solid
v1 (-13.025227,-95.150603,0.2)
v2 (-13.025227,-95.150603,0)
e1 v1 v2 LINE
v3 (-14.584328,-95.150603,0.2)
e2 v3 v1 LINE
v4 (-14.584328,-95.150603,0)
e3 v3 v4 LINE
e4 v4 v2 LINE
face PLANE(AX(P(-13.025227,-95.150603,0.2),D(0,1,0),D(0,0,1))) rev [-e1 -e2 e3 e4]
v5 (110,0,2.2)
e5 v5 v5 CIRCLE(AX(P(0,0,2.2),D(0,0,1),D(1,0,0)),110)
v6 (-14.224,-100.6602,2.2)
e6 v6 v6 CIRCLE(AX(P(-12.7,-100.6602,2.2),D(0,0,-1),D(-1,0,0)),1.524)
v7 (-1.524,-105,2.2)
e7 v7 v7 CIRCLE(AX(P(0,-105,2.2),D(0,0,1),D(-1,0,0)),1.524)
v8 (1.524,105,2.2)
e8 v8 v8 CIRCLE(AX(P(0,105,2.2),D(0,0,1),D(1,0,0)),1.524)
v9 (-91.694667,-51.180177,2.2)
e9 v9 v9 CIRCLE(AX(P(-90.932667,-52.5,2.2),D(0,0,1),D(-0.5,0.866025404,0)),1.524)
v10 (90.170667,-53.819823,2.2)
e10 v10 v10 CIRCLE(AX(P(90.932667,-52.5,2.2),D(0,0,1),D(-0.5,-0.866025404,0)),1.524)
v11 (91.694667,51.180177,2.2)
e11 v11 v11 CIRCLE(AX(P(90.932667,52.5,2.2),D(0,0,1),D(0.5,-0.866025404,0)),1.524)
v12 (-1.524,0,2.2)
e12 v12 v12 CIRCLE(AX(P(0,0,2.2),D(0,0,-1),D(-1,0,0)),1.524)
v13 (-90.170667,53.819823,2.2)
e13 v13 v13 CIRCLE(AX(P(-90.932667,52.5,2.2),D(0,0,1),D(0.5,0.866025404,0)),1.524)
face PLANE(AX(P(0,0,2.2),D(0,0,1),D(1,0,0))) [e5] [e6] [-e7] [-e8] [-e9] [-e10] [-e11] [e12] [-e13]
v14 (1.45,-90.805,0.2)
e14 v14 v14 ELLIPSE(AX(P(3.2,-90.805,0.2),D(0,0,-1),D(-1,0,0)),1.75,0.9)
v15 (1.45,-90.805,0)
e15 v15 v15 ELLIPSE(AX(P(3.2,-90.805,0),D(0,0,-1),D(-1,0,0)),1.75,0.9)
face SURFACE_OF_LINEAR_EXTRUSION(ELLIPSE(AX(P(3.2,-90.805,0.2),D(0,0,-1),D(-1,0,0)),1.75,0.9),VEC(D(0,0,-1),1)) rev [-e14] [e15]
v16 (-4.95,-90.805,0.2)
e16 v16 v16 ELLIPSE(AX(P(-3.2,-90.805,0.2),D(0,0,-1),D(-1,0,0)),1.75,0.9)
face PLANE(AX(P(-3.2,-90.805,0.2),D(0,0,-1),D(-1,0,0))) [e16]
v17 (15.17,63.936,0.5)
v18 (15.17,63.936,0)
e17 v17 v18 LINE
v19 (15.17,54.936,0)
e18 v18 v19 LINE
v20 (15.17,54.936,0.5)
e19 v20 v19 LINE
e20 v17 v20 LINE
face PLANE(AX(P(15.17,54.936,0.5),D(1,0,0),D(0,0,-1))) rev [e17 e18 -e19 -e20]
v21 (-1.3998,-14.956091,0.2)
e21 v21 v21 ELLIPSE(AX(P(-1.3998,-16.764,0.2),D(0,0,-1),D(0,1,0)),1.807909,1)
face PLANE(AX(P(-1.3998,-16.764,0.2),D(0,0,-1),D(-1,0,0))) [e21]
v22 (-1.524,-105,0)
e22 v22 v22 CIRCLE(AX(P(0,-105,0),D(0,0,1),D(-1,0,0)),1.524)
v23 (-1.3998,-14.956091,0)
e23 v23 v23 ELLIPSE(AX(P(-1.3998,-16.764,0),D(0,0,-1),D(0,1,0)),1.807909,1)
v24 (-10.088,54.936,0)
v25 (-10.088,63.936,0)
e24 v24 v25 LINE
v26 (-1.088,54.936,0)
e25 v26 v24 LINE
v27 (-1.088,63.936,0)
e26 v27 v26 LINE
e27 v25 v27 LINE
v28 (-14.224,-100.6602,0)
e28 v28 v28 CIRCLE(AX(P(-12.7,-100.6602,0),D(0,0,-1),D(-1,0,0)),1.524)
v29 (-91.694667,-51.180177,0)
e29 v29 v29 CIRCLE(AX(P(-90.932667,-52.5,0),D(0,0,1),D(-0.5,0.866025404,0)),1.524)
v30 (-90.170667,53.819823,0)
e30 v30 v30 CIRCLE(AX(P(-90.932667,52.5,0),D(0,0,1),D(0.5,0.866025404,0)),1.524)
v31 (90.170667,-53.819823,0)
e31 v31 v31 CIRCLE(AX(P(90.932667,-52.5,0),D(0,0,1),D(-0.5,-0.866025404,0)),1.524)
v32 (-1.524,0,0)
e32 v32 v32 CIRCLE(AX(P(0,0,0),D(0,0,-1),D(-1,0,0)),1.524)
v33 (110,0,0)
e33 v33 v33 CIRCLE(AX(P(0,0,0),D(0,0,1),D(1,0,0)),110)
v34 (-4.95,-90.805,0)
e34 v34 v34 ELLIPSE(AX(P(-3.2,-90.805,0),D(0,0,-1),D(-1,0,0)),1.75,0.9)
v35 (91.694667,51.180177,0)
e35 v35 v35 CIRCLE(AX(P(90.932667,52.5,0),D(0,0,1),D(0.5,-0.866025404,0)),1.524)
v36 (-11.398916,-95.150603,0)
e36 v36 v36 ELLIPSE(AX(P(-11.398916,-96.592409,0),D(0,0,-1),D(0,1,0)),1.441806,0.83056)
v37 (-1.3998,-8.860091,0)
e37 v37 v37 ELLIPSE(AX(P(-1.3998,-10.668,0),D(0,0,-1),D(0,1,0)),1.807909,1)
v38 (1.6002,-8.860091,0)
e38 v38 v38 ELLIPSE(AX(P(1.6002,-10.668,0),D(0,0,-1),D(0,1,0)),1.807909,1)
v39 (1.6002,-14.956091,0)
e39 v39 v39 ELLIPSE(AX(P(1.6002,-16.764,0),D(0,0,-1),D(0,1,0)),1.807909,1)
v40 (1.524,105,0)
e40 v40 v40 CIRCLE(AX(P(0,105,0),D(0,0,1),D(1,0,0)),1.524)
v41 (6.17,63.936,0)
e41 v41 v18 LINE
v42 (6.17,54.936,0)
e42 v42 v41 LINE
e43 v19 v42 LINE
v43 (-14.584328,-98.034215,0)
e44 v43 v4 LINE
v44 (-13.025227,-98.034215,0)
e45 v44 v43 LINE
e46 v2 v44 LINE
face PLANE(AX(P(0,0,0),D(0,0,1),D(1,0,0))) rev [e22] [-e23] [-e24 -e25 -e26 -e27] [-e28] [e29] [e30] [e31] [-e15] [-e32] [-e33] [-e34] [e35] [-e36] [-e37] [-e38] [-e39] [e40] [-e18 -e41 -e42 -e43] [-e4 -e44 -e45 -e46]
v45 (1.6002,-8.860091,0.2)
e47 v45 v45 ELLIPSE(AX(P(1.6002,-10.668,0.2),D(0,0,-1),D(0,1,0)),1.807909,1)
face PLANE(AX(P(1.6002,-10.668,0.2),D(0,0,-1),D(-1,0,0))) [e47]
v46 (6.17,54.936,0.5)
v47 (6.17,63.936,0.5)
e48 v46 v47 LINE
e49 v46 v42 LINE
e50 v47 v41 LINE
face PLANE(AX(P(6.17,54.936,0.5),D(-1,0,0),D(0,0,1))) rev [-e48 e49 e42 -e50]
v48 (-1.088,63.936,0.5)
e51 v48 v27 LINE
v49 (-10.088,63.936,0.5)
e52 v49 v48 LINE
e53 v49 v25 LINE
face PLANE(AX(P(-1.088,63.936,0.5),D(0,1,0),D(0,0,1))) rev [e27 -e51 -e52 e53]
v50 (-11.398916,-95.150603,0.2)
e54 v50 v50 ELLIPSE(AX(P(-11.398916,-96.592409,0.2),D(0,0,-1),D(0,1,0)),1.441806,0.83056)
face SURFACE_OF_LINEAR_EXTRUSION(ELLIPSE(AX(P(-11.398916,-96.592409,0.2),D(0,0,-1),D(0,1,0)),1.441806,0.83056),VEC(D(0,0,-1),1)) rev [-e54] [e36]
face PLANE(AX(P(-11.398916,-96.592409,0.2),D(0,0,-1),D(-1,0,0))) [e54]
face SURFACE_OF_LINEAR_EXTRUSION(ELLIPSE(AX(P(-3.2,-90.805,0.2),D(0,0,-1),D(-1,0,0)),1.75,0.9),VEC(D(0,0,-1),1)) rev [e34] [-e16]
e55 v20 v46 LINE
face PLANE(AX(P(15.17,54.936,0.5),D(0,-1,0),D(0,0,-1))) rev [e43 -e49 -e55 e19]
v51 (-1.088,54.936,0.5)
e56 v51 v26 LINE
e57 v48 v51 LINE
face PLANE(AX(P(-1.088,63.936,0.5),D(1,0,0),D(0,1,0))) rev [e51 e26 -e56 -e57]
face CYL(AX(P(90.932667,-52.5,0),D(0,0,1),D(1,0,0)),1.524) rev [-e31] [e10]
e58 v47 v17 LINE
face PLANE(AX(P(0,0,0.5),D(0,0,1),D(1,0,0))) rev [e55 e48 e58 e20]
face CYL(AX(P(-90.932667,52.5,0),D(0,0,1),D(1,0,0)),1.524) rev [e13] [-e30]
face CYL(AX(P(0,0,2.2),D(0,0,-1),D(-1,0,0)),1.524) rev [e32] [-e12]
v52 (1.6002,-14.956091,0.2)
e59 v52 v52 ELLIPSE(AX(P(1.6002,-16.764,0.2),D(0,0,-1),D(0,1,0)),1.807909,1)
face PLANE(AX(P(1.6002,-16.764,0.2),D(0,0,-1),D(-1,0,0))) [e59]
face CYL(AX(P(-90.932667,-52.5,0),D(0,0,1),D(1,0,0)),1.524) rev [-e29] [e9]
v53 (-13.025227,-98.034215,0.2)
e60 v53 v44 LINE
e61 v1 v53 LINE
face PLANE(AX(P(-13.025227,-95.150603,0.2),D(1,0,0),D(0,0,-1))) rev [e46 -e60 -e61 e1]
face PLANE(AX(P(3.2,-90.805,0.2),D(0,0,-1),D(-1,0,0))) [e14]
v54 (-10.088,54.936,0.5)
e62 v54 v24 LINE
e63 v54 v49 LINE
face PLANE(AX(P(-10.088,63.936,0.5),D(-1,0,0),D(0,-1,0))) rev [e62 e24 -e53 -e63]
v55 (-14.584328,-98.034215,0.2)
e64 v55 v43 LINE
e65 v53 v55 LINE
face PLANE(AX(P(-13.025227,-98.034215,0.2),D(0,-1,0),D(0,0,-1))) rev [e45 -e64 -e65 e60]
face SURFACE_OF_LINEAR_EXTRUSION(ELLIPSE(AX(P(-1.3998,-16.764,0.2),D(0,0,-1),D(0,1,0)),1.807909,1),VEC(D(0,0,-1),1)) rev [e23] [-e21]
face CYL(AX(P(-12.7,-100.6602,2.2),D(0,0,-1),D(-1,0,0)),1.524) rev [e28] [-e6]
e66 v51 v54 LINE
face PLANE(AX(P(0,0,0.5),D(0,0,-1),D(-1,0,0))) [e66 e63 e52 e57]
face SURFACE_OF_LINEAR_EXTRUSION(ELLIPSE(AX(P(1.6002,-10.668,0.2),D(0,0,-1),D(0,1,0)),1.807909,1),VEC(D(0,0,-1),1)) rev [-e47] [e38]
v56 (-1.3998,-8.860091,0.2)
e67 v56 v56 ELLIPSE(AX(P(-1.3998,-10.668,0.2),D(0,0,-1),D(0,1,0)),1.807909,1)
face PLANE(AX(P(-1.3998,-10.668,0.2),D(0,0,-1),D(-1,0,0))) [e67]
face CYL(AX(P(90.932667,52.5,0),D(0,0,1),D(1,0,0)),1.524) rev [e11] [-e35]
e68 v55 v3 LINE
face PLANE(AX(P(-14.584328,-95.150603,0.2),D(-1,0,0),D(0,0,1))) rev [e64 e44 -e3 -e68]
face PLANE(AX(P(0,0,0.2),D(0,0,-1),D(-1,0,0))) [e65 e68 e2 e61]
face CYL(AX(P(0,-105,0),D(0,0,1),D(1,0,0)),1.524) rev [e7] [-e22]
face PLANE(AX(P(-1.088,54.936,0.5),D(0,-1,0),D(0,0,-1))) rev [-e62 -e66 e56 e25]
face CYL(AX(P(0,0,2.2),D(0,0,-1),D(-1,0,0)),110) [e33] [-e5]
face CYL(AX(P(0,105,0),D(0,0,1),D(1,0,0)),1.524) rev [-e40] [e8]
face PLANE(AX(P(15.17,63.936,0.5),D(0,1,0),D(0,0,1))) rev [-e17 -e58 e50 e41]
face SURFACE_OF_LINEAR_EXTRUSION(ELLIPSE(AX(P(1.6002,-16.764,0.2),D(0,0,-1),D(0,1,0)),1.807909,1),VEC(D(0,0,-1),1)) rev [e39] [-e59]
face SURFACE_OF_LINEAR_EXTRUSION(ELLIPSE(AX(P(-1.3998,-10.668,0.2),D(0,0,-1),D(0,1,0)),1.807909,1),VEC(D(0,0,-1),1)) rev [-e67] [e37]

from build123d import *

# Parameters (mm, degrees)
SKETCH1_R            = 110
BOSS_EXTRUDE1_DEPTH  = 2.2
SKETCH2_R            = 1.524
CUT_EXTRUDE1_DEPTH   = 156.579047432
CIRPATTERN1_COUNT    = 6
SKETCH3_W            = 9
SKETCH3_H            = 9
CUT_EXTRUDE2_DEPTH   = 0.5
SKETCH12_RX          = 1.807909399
SKETCH12_RY          = 1
CUT_EXTRUDE5_DEPTH   = 0.2
LPATTERN1_COUNT      = 2
LPATTERN1_PITCH      = 3
LPATTERN1_COUNT_DIR2 = 2
LPATTERN1_PITCH_DIR2 = 6.096
SKETCH13_R           = 1.524
CUT_EXTRUDE6_DEPTH   = 156.579047432
SKETCH14_RX          = 1.75
SKETCH14_RY          = 0.9
CUT_EXTRUDE7_DEPTH   = 0.2
LPATTERN2_COUNT      = 2
LPATTERN2_PITCH      = 6.4
SKETCH15_RX          = 1.441806236
SKETCH15_RY          = 0.830559885
SKETCH15_W           = 1.559100293
SKETCH15_H           = 2.883612472
CUT_EXTRUDE8_DEPTH   = 0.2


with BuildPart() as part:
    # Sketch1 → Boss-Extrude1 (new body)
    with BuildSketch(Plane.XY):
        Circle(SKETCH1_R)
    extrude(amount=BOSS_EXTRUDE1_DEPTH)

    # Sketch2 → Cut-Extrude1 (cut, through all)
    with BuildSketch(Plane.XY.offset(2.2)):
        with Locations((0, 105)):
            Circle(SKETCH2_R)
    cut_extrude1 = extrude(amount=-CUT_EXTRUDE1_DEPTH, mode=Mode.SUBTRACT)

    # CirPattern1: Cut-Extrude1 ×6 about axis
    cirpattern1_axis = Axis((0, 0, 2.2), (0, 0, 1))
    for i in range(1, CIRPATTERN1_COUNT):
        add(cut_extrude1.rotate(cirpattern1_axis, i * 360 / CIRPATTERN1_COUNT), mode=Mode.SUBTRACT)

    # Sketch3 → Cut-Extrude2 (cut)
    with BuildSketch(Plane(origin=(0, 0, 0), x_dir=(-1, 0, 0), z_dir=(0, 0, -1))):
        with Locations((-10.67, 59.436)):
            Rectangle(SKETCH3_W, SKETCH3_H)
        with Locations((5.588, 59.436)):
            Rectangle(SKETCH3_W, SKETCH3_H)
    extrude(amount=-CUT_EXTRUDE2_DEPTH, mode=Mode.SUBTRACT)

    # Sketch12 → Cut-Extrude5 (cut)
    with BuildSketch(Plane(origin=(0, 0, 0), x_dir=(-1, 0, 0), z_dir=(0, 0, -1))):
        with Locations(Location((-1.6002, -10.668), (0, 0, 90))):
            Ellipse(SKETCH12_RX, SKETCH12_RY)
    cut_extrude5 = extrude(amount=-CUT_EXTRUDE5_DEPTH, mode=Mode.SUBTRACT)

    # LPattern1: Cut-Extrude5 2 × 2
    with Locations(*[(-i * LPATTERN1_PITCH, -j * LPATTERN1_PITCH_DIR2, 0) for i in range(LPATTERN1_COUNT) for j in range(LPATTERN1_COUNT_DIR2) if (i, j) != (0, 0)]):
        add(cut_extrude5, mode=Mode.SUBTRACT)

    # Sketch13 → Cut-Extrude6 (cut, through all)
    with BuildSketch(Plane(origin=(0, 0, 0), x_dir=(-1, 0, 0), z_dir=(0, 0, -1))):
        Circle(SKETCH13_R)
        with Locations((12.7, -100.6602)):
            Circle(SKETCH13_R)
    extrude(amount=-CUT_EXTRUDE6_DEPTH, mode=Mode.SUBTRACT)

    # Sketch14 → Cut-Extrude7 (cut)
    with BuildSketch(Plane(origin=(0, 0, 0), x_dir=(-1, 0, 0), z_dir=(0, 0, -1))):
        with Locations(Location((-3.2, -90.805), (0, 0, 180))):
            Ellipse(SKETCH14_RX, SKETCH14_RY)
    cut_extrude7 = extrude(amount=-CUT_EXTRUDE7_DEPTH, mode=Mode.SUBTRACT)

    # LPattern2: Cut-Extrude7 ×2
    with Locations(*[(-i * LPATTERN2_PITCH, 0, 0) for i in range(1, LPATTERN2_COUNT)]):
        add(cut_extrude7, mode=Mode.SUBTRACT)

    # Sketch15 → Cut-Extrude8 (cut)
    with BuildSketch(Plane(origin=(0, 0, 0), x_dir=(-1, 0, 0), z_dir=(0, 0, -1))):
        with Locations(Location((11.398915538, -96.592408929), (0, 0, 90))):
            Ellipse(SKETCH15_RX, SKETCH15_RY)
        with Locations((13.804777386, -96.592408929)):
            Rectangle(SKETCH15_W, SKETCH15_H)
    extrude(amount=-CUT_EXTRUDE8_DEPTH, mode=Mode.SUBTRACT)


solid = part.part
